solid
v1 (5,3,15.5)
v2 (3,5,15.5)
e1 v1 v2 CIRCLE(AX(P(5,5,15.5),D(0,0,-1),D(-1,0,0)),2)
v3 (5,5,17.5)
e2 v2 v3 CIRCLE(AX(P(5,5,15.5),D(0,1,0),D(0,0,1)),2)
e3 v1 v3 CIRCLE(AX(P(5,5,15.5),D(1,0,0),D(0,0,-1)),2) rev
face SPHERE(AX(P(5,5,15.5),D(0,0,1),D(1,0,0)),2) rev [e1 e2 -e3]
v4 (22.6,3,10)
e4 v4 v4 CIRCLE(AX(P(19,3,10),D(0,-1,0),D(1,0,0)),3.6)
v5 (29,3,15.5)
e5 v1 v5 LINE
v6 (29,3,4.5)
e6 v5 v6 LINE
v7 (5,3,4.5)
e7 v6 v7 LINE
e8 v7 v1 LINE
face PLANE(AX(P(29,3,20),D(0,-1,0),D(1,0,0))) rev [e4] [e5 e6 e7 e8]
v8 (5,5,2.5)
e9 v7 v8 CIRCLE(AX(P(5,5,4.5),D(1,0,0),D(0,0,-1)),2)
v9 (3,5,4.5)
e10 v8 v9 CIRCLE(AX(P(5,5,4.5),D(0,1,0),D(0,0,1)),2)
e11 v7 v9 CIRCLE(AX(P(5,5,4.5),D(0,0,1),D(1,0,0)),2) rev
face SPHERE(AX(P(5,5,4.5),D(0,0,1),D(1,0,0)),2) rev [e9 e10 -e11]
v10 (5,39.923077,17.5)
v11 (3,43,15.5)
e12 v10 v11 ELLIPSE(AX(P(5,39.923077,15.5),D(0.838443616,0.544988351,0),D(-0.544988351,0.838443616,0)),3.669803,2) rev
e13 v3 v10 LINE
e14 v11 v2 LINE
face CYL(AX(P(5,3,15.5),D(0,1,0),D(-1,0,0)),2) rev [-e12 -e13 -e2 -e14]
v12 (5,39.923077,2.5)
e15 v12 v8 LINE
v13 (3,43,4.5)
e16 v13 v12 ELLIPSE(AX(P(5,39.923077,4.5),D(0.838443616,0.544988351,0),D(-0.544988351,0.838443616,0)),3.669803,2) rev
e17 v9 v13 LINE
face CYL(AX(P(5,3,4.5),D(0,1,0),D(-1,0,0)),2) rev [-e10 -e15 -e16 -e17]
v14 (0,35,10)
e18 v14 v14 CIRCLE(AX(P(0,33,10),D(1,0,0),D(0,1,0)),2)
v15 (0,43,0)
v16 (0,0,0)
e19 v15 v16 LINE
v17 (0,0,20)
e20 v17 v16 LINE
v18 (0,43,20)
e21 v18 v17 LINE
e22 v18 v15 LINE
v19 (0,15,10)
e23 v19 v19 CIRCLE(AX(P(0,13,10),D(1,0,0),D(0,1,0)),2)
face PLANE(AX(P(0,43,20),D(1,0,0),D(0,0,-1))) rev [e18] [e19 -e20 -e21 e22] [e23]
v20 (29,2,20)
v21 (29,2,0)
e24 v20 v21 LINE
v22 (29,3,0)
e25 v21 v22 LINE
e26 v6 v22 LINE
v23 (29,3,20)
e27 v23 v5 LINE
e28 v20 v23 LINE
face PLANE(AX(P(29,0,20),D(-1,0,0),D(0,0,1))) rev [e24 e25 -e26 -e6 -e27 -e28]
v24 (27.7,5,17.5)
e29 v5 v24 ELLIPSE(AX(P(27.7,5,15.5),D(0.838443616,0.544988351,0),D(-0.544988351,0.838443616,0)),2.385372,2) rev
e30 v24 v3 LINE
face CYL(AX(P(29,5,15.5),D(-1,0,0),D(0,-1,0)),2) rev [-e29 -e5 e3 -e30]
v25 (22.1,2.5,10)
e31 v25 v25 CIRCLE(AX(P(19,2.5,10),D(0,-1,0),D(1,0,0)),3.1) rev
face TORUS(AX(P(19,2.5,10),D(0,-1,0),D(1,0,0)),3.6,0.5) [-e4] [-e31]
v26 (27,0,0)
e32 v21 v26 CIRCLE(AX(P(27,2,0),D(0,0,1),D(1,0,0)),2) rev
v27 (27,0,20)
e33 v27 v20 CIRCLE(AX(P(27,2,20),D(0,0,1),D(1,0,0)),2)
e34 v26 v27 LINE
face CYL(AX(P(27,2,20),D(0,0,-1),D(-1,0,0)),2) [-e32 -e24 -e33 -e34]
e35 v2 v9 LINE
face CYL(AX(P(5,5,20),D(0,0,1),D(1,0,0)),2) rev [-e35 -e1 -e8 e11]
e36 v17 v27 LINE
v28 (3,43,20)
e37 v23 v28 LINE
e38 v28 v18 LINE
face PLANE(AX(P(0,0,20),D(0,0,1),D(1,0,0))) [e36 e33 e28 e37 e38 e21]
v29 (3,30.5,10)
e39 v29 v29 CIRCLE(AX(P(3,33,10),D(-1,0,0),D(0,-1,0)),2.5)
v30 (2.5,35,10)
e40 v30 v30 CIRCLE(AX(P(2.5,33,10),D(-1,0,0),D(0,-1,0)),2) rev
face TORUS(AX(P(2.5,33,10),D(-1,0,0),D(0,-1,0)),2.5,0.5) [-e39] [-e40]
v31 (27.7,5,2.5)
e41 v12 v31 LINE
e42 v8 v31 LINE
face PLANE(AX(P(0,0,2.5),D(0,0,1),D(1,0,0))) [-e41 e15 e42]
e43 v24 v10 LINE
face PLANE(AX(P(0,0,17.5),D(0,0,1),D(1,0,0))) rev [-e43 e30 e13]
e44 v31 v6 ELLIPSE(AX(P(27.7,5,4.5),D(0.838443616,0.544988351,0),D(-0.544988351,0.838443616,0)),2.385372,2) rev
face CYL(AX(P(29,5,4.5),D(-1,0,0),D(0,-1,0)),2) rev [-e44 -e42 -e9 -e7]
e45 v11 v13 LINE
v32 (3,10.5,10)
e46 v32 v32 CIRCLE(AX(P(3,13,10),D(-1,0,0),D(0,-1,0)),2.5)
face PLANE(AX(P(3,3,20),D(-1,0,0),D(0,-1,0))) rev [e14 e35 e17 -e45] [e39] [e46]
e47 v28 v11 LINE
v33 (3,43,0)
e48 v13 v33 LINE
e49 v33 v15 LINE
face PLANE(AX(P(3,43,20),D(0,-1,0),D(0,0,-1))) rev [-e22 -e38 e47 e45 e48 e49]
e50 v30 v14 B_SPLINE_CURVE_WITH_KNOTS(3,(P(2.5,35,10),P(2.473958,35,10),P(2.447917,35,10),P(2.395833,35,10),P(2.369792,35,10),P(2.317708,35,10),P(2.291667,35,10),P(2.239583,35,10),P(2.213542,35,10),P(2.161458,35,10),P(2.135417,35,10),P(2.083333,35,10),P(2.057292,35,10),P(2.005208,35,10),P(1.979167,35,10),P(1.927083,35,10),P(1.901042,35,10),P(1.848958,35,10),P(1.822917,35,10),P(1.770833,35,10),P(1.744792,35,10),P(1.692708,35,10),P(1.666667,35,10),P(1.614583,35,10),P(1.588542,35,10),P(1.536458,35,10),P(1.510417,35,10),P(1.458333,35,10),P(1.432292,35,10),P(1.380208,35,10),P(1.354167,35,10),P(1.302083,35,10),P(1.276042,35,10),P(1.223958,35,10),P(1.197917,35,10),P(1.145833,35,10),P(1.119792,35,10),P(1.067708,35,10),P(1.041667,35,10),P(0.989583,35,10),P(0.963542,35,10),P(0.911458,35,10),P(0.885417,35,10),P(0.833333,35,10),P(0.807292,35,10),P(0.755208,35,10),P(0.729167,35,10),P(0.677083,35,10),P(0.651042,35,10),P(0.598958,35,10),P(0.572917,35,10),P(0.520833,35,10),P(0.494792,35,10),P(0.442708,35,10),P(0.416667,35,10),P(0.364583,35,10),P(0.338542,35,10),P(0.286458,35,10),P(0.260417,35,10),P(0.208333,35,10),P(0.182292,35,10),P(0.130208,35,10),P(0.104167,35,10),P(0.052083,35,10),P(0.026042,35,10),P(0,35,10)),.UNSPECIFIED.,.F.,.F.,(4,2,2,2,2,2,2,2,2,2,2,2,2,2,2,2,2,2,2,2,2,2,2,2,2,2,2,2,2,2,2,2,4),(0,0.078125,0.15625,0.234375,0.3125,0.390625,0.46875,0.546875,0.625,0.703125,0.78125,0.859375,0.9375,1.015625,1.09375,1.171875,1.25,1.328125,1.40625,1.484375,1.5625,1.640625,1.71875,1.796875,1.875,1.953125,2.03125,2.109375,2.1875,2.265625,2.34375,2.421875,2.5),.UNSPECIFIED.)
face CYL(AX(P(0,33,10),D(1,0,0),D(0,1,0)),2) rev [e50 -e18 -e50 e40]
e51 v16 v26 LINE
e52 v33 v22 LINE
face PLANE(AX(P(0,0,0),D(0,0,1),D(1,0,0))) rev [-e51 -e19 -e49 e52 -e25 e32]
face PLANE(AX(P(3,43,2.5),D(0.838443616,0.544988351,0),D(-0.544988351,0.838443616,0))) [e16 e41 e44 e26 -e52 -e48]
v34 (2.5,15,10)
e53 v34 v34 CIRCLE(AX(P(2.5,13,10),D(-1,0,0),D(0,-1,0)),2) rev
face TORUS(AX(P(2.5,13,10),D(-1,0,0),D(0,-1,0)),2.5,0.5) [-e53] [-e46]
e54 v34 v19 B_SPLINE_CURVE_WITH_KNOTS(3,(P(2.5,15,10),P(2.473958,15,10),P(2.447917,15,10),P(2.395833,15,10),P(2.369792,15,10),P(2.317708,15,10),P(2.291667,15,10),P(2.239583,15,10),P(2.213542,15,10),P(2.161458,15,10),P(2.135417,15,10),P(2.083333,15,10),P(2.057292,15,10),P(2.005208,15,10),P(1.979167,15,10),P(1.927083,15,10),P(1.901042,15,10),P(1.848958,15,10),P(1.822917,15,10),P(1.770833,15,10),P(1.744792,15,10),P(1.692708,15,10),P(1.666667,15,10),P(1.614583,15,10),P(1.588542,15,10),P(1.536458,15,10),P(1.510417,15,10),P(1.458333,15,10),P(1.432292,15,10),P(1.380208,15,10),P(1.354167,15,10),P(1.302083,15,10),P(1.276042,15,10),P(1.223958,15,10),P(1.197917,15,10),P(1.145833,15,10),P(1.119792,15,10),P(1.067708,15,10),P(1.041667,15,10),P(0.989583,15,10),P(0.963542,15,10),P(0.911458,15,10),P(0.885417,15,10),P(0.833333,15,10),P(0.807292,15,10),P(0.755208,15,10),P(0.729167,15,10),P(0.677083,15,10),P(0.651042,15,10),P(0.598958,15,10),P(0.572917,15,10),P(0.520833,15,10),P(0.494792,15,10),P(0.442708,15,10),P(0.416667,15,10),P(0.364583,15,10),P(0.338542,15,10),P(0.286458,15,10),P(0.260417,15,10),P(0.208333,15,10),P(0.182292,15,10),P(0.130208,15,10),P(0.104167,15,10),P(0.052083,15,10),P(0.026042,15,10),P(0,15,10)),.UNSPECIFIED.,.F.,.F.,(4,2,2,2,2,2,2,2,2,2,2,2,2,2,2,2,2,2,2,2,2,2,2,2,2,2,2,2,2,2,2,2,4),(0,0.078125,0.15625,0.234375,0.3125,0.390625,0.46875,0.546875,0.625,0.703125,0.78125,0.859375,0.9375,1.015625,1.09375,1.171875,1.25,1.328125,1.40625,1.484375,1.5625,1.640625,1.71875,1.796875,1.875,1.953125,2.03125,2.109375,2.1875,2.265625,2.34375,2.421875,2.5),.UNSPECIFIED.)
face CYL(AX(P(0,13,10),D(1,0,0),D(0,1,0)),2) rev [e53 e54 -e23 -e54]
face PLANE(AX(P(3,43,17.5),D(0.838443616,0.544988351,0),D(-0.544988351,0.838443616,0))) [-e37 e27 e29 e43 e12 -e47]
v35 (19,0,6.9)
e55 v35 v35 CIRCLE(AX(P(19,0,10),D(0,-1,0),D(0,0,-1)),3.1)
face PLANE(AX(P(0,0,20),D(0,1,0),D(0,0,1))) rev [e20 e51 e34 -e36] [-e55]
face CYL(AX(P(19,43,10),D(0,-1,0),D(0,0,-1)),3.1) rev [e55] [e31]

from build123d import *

# Parameters (mm, degrees)
BOSS_EXTRUDE1_DEPTH = 20
BOSS_EXTRUDE2_DEPTH = 2.5
BOSS_EXTRUDE3_DEPTH = 2.5
SKETCH4_R           = 2
CUT_EXTRUDE1_DEPTH  = 55.083269132
SKETCH6_R           = 3.1
CUT_EXTRUDE2_DEPTH  = 56.587768439
FILLET1_R           = 2
FILLET2_R           = 0.5


with BuildPart() as part:
    # Sketch1 → Boss-Extrude1 (new body)
    with BuildSketch(Plane.XY):
        Polygon((0, 43), (0, 0), (29, 0), (29, 3), (3, 3), (3, 43), align=None)
    extrude(amount=BOSS_EXTRUDE1_DEPTH)

    # Sketch2 → Boss-Extrude2 (add)
    with BuildSketch(Plane.XY.offset(20)):
        Polygon((3, 43), (29, 3), (3, 3), align=None)
    extrude(amount=-BOSS_EXTRUDE2_DEPTH)

    # Sketch3 → Boss-Extrude3 (add)
    with BuildSketch(Plane(origin=(0, 0, 0), x_dir=(-1, 0, 0), z_dir=(0, 0, -1))):
        Polygon((-3, 43), (-29, 3), (-3, 3), align=None)
    extrude(amount=-BOSS_EXTRUDE3_DEPTH)

    # Sketch4 → Cut-Extrude1 (cut, through all)
    with BuildSketch(Plane(origin=(3, 0, 0), x_dir=(0, 0, -1), z_dir=(1, 0, 0))):
        with Locations(Location((-10, 33, 0), (0, 0, 90))):
            Circle(SKETCH4_R)
        with Locations(Location((-10, 13, 0), (0, 0, 90))):
            Circle(SKETCH4_R)
    extrude(amount=-CUT_EXTRUDE1_DEPTH, mode=Mode.SUBTRACT)

    # Sketch6 → Cut-Extrude2 (cut, through all)
    with BuildSketch(Plane.XZ):
        with Locations(Location((19, 10, 0), (0, 0, 270))):
            Circle(SKETCH6_R)
    extrude(amount=-CUT_EXTRUDE2_DEPTH, mode=Mode.SUBTRACT)

    # Fillet1
    fillet1_edges = [part.edges().sort_by_distance(p)[0] for p in [
        (29, 0, 10),
        (3, 3, 10),
        (3, 23, 17.5),
        (16, 3, 17.5),
        (3, 23, 2.5),
        (16, 3, 2.5),
    ]]
    fillet(fillet1_edges, radius=FILLET1_R)

    # Fillet2
    fillet2_edges = [part.edges().sort_by_distance(p)[0] for p in [
        (3, 31, 10),
        (3, 11, 10),
        (19, 3, 13.1),
    ]]
    fillet(fillet2_edges, radius=FILLET2_R)


solid = part.part
